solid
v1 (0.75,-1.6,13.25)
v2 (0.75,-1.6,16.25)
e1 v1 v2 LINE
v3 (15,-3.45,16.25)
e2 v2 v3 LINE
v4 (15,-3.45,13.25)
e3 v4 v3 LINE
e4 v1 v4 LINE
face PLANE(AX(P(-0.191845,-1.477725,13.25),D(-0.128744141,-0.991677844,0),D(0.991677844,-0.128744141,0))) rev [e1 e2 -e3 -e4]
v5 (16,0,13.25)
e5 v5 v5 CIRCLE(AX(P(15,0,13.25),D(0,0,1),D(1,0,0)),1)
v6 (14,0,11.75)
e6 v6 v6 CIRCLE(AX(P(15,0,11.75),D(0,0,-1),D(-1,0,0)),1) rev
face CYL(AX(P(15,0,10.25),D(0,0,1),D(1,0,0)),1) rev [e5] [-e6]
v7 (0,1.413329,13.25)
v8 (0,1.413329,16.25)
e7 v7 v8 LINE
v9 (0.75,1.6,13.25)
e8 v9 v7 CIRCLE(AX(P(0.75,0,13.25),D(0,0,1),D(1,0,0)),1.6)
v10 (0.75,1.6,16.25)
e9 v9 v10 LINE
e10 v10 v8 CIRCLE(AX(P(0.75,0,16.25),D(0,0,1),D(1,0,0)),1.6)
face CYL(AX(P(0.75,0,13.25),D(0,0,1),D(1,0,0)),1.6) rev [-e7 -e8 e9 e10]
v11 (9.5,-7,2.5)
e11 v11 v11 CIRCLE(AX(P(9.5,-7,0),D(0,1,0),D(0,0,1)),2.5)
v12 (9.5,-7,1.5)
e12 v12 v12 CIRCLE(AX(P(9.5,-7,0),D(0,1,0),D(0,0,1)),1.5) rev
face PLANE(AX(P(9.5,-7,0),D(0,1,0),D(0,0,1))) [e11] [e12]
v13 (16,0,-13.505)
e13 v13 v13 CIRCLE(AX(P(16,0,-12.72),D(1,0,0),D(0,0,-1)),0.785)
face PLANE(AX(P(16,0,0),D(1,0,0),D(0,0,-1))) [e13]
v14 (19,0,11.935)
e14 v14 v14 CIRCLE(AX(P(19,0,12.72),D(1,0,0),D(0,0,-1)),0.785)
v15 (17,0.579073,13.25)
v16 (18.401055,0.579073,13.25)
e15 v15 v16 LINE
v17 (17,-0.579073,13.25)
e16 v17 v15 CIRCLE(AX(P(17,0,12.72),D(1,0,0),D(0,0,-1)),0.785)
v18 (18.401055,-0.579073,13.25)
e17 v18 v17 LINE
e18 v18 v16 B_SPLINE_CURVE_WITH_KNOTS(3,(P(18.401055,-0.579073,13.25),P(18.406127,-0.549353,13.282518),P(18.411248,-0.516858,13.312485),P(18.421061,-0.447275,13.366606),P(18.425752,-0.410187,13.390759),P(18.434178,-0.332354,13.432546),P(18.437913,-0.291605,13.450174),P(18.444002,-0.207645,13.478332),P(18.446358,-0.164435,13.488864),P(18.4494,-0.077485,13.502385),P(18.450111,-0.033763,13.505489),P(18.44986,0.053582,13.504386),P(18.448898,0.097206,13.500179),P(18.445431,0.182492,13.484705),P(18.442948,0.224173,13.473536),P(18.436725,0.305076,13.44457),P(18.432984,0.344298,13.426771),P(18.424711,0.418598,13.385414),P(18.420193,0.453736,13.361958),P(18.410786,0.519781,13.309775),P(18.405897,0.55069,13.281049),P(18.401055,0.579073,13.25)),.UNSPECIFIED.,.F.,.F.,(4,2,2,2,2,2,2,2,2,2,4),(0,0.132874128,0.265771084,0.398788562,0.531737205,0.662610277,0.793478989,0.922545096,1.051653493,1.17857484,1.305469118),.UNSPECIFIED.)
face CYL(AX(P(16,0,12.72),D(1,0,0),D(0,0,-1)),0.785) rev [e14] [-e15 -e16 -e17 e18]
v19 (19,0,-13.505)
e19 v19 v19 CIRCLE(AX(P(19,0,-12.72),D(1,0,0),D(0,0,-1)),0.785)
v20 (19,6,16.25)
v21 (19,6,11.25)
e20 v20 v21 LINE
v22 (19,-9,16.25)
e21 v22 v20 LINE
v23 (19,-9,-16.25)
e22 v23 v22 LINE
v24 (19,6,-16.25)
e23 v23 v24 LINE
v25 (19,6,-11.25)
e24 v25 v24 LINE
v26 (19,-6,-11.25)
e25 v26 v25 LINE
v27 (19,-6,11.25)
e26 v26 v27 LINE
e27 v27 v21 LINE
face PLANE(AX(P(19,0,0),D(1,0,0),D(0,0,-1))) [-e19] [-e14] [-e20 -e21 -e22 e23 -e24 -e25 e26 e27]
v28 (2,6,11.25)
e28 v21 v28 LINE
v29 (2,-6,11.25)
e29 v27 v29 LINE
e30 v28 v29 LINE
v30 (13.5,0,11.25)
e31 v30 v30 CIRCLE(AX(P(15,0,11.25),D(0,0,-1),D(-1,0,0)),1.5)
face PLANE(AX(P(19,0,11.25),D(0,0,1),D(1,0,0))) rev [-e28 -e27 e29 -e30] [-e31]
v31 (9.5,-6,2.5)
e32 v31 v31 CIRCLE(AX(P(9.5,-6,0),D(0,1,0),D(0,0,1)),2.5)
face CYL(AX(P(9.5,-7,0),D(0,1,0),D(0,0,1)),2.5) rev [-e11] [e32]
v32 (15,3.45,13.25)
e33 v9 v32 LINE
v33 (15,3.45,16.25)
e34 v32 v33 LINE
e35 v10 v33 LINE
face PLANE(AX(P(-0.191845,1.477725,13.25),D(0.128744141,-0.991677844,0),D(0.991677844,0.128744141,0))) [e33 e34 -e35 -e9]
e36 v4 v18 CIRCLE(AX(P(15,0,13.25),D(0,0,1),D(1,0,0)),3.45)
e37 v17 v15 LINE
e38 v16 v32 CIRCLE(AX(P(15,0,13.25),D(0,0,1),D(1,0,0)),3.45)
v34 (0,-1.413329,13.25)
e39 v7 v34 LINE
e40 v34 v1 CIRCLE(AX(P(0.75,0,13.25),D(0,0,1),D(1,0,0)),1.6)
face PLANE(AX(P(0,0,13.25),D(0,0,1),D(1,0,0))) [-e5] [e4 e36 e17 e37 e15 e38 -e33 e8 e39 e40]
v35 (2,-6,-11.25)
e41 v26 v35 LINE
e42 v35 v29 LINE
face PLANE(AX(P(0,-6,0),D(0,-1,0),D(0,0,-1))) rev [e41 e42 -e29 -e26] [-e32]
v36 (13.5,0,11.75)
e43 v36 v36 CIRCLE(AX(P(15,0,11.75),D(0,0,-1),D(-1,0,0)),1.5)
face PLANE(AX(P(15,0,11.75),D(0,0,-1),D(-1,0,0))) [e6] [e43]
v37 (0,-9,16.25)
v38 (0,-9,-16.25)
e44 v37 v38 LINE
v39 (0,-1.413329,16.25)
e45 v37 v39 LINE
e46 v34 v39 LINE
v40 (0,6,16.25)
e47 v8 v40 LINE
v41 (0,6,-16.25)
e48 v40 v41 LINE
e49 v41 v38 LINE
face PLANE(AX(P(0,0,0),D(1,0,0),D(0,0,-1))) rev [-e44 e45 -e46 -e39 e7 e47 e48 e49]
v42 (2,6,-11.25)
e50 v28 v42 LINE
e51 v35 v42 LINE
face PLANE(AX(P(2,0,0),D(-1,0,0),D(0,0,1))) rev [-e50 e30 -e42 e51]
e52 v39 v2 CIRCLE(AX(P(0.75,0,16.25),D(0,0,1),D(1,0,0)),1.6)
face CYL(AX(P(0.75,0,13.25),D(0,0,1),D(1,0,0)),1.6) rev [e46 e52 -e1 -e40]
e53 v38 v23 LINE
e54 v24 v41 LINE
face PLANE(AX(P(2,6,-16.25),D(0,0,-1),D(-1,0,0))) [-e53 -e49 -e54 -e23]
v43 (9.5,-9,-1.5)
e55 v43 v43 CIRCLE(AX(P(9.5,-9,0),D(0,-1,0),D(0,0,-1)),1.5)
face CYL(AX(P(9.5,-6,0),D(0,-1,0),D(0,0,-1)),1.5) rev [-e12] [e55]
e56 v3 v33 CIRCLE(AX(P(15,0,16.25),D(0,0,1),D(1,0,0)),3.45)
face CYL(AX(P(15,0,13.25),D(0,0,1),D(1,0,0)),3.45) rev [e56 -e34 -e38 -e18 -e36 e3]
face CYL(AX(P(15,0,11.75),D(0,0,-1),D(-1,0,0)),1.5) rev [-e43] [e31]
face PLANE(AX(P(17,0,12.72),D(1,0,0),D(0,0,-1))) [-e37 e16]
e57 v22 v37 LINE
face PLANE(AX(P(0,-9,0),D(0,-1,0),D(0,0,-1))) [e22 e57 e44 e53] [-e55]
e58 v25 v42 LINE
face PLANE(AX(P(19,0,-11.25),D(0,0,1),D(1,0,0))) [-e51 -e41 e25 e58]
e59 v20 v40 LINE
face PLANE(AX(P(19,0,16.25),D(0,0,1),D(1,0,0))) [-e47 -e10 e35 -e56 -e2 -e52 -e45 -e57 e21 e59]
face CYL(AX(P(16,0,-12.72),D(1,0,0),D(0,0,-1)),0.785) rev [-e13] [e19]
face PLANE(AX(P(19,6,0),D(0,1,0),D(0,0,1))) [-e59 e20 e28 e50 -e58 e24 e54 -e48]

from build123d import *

# Parameters (mm, degrees)
SKETCH_1_W           = 5
SKETCH_1_H           = 12
EXTRUDE_1_DEPTH      = 19
EXTRUDE_1_2_DEPTH    = 19
SKETCH_2_W           = 32.5
SKETCH_2_H           = 12
EXTRUDE_2_DEPTH      = 2
SKETCH_3_R           = 0.785
CUT_EXTRUDE_2_DEPTH  = 3
CUT_EXTRUDE_3_DEPTH  = 3
EXTRUDE_START        = 1
SKETCH_7_R           = 0.785
EXTRUDE_3_DEPTH      = 1
SKETCH_8_W           = 4.508312044
SKETCH_8_H           = 2.561477722
SKETCH_8_R           = 1
CUT_EXTRUDE_9_DEPTH  = 1
SKETCH_9_R           = 1
CUT_EXTRUDE_10_DEPTH = 3
SKETCH_12_R          = 1.5
CUT_EXTRUDE_11_DEPTH = 0.5
SKETCH_13_W          = 19
SKETCH_13_H          = 32.5
EXTRUDE_4_DEPTH      = 3
SKETCH_14_R          = 1.5
CUT_EXTRUDE_12_DEPTH = 3
SKETCH_15_R          = 2.5
CUT_EXTRUDE_13_DEPTH = 1


with BuildPart() as part:
    # 草图1 → 凸台-拉伸1 (new body)
    with BuildSketch(Plane(origin=(0, 0, 0), x_dir=(0, 0, -1), z_dir=(1, 0, 0))):
        with Locations((-13.75, 0)):
            Rectangle(SKETCH_1_W, SKETCH_1_H)
    extrude(amount=EXTRUDE_1_DEPTH)



with BuildPart() as body_2:
    # 草图1 → Extrude 1 2 (new body)
    with BuildSketch(Plane(origin=(0, 0, 0), x_dir=(0, 0, -1), z_dir=(1, 0, 0))):
        with Locations((13.75, 0)):
            Rectangle(SKETCH_1_W, SKETCH_1_H)
    extrude(amount=EXTRUDE_1_2_DEPTH)


with BuildPart() as part_1:
    add(part.part)

    add(body_2.part)  # 凸台-拉伸2 merges body 2
    # 草图2 → 凸台-拉伸2 (add)
    with BuildSketch(Plane.ZY):
        Rectangle(SKETCH_2_W, SKETCH_2_H)
    extrude(amount=-EXTRUDE_2_DEPTH)

    # 草图3 → 切除-拉伸2 (cut)
    with BuildSketch(Plane(origin=(19, 0, 0), x_dir=(0, 0, -1), z_dir=(1, 0, 0))):
        with Locations((-12.72, 0)):
            Circle(SKETCH_3_R)
        with Locations((12.72, 0)):
            Circle(SKETCH_3_R)
    extrude(amount=-CUT_EXTRUDE_2_DEPTH, mode=Mode.SUBTRACT)

    # 草图4 → 切除-拉伸3 (cut)
    with BuildSketch(Plane.XY.offset(16.25)):
        with BuildLine():
            ThreePointArc((0.75, 1.6), (-0.85, 0), (0.75, -1.6))
            Line((0.75, -1.6), (15, -3.45))
            ThreePointArc((15, -3.45), (18.45, 0), (15, 3.45))
            Line((15, 3.45), (0.75, 1.6))
        make_face()
    extrude(amount=-CUT_EXTRUDE_3_DEPTH, mode=Mode.SUBTRACT)

    # 草图7 → 凸台-拉伸3 (add)
    with BuildSketch(Plane(origin=(16, 0, 0), x_dir=(0, 0, -1), z_dir=(1, 0, 0)).offset(EXTRUDE_START)):
        with Locations((-12.72, 0)):
            Circle(SKETCH_7_R)
    extrude(amount=-EXTRUDE_3_DEPTH)

    # 草图8 → 切除-拉伸9 (cut)
    with BuildSketch(Plane.XY.offset(13.25)):
        with Locations((15, 0)):
            Rectangle(SKETCH_8_W, SKETCH_8_H)
        with Locations((15, 0)):
            Circle(SKETCH_8_R, mode=Mode.SUBTRACT)
    extrude(amount=CUT_EXTRUDE_9_DEPTH, mode=Mode.SUBTRACT)

    # 草图9 → 切除-拉伸10 (cut)
    with BuildSketch(Plane.XY.offset(13.25)):
        with Locations((15, 0)):
            Circle(SKETCH_9_R)
    extrude(amount=-CUT_EXTRUDE_10_DEPTH, mode=Mode.SUBTRACT)

    # 草图12 → 切除-拉伸11 (cut)
    with BuildSketch(Plane(origin=(0, 0, 11.25), x_dir=(-1, 0, 0), z_dir=(0, 0, -1))):
        with Locations((-15, 0)):
            Circle(SKETCH_12_R)
    extrude(amount=-CUT_EXTRUDE_11_DEPTH, mode=Mode.SUBTRACT)

    # 草图13 → 凸台-拉伸4 (add)
    with BuildSketch(Plane.XZ.offset(6)):
        with Locations((9.5, 0)):
            Rectangle(SKETCH_13_W, SKETCH_13_H)
    extrude(amount=EXTRUDE_4_DEPTH)

    # 草图14 → 切除-拉伸12 (cut)
    with BuildSketch(Plane.XZ.offset(9)):
        with Locations(Location((9.5, 0, 0), (0, 0, 270))):
            Circle(SKETCH_14_R)
    extrude(amount=-CUT_EXTRUDE_12_DEPTH, mode=Mode.SUBTRACT)

    # 草图15 → 切除-拉伸13 (cut)
    with BuildSketch(Plane(origin=(0, -6, 0), x_dir=(1, 0, 0), z_dir=(0, 1, 0))):
        with Locations(Location((9.5, 0, 0), (0, 0, 270))):
            Circle(SKETCH_15_R)
    extrude(amount=-CUT_EXTRUDE_13_DEPTH, mode=Mode.SUBTRACT)


solid = part_1.part
